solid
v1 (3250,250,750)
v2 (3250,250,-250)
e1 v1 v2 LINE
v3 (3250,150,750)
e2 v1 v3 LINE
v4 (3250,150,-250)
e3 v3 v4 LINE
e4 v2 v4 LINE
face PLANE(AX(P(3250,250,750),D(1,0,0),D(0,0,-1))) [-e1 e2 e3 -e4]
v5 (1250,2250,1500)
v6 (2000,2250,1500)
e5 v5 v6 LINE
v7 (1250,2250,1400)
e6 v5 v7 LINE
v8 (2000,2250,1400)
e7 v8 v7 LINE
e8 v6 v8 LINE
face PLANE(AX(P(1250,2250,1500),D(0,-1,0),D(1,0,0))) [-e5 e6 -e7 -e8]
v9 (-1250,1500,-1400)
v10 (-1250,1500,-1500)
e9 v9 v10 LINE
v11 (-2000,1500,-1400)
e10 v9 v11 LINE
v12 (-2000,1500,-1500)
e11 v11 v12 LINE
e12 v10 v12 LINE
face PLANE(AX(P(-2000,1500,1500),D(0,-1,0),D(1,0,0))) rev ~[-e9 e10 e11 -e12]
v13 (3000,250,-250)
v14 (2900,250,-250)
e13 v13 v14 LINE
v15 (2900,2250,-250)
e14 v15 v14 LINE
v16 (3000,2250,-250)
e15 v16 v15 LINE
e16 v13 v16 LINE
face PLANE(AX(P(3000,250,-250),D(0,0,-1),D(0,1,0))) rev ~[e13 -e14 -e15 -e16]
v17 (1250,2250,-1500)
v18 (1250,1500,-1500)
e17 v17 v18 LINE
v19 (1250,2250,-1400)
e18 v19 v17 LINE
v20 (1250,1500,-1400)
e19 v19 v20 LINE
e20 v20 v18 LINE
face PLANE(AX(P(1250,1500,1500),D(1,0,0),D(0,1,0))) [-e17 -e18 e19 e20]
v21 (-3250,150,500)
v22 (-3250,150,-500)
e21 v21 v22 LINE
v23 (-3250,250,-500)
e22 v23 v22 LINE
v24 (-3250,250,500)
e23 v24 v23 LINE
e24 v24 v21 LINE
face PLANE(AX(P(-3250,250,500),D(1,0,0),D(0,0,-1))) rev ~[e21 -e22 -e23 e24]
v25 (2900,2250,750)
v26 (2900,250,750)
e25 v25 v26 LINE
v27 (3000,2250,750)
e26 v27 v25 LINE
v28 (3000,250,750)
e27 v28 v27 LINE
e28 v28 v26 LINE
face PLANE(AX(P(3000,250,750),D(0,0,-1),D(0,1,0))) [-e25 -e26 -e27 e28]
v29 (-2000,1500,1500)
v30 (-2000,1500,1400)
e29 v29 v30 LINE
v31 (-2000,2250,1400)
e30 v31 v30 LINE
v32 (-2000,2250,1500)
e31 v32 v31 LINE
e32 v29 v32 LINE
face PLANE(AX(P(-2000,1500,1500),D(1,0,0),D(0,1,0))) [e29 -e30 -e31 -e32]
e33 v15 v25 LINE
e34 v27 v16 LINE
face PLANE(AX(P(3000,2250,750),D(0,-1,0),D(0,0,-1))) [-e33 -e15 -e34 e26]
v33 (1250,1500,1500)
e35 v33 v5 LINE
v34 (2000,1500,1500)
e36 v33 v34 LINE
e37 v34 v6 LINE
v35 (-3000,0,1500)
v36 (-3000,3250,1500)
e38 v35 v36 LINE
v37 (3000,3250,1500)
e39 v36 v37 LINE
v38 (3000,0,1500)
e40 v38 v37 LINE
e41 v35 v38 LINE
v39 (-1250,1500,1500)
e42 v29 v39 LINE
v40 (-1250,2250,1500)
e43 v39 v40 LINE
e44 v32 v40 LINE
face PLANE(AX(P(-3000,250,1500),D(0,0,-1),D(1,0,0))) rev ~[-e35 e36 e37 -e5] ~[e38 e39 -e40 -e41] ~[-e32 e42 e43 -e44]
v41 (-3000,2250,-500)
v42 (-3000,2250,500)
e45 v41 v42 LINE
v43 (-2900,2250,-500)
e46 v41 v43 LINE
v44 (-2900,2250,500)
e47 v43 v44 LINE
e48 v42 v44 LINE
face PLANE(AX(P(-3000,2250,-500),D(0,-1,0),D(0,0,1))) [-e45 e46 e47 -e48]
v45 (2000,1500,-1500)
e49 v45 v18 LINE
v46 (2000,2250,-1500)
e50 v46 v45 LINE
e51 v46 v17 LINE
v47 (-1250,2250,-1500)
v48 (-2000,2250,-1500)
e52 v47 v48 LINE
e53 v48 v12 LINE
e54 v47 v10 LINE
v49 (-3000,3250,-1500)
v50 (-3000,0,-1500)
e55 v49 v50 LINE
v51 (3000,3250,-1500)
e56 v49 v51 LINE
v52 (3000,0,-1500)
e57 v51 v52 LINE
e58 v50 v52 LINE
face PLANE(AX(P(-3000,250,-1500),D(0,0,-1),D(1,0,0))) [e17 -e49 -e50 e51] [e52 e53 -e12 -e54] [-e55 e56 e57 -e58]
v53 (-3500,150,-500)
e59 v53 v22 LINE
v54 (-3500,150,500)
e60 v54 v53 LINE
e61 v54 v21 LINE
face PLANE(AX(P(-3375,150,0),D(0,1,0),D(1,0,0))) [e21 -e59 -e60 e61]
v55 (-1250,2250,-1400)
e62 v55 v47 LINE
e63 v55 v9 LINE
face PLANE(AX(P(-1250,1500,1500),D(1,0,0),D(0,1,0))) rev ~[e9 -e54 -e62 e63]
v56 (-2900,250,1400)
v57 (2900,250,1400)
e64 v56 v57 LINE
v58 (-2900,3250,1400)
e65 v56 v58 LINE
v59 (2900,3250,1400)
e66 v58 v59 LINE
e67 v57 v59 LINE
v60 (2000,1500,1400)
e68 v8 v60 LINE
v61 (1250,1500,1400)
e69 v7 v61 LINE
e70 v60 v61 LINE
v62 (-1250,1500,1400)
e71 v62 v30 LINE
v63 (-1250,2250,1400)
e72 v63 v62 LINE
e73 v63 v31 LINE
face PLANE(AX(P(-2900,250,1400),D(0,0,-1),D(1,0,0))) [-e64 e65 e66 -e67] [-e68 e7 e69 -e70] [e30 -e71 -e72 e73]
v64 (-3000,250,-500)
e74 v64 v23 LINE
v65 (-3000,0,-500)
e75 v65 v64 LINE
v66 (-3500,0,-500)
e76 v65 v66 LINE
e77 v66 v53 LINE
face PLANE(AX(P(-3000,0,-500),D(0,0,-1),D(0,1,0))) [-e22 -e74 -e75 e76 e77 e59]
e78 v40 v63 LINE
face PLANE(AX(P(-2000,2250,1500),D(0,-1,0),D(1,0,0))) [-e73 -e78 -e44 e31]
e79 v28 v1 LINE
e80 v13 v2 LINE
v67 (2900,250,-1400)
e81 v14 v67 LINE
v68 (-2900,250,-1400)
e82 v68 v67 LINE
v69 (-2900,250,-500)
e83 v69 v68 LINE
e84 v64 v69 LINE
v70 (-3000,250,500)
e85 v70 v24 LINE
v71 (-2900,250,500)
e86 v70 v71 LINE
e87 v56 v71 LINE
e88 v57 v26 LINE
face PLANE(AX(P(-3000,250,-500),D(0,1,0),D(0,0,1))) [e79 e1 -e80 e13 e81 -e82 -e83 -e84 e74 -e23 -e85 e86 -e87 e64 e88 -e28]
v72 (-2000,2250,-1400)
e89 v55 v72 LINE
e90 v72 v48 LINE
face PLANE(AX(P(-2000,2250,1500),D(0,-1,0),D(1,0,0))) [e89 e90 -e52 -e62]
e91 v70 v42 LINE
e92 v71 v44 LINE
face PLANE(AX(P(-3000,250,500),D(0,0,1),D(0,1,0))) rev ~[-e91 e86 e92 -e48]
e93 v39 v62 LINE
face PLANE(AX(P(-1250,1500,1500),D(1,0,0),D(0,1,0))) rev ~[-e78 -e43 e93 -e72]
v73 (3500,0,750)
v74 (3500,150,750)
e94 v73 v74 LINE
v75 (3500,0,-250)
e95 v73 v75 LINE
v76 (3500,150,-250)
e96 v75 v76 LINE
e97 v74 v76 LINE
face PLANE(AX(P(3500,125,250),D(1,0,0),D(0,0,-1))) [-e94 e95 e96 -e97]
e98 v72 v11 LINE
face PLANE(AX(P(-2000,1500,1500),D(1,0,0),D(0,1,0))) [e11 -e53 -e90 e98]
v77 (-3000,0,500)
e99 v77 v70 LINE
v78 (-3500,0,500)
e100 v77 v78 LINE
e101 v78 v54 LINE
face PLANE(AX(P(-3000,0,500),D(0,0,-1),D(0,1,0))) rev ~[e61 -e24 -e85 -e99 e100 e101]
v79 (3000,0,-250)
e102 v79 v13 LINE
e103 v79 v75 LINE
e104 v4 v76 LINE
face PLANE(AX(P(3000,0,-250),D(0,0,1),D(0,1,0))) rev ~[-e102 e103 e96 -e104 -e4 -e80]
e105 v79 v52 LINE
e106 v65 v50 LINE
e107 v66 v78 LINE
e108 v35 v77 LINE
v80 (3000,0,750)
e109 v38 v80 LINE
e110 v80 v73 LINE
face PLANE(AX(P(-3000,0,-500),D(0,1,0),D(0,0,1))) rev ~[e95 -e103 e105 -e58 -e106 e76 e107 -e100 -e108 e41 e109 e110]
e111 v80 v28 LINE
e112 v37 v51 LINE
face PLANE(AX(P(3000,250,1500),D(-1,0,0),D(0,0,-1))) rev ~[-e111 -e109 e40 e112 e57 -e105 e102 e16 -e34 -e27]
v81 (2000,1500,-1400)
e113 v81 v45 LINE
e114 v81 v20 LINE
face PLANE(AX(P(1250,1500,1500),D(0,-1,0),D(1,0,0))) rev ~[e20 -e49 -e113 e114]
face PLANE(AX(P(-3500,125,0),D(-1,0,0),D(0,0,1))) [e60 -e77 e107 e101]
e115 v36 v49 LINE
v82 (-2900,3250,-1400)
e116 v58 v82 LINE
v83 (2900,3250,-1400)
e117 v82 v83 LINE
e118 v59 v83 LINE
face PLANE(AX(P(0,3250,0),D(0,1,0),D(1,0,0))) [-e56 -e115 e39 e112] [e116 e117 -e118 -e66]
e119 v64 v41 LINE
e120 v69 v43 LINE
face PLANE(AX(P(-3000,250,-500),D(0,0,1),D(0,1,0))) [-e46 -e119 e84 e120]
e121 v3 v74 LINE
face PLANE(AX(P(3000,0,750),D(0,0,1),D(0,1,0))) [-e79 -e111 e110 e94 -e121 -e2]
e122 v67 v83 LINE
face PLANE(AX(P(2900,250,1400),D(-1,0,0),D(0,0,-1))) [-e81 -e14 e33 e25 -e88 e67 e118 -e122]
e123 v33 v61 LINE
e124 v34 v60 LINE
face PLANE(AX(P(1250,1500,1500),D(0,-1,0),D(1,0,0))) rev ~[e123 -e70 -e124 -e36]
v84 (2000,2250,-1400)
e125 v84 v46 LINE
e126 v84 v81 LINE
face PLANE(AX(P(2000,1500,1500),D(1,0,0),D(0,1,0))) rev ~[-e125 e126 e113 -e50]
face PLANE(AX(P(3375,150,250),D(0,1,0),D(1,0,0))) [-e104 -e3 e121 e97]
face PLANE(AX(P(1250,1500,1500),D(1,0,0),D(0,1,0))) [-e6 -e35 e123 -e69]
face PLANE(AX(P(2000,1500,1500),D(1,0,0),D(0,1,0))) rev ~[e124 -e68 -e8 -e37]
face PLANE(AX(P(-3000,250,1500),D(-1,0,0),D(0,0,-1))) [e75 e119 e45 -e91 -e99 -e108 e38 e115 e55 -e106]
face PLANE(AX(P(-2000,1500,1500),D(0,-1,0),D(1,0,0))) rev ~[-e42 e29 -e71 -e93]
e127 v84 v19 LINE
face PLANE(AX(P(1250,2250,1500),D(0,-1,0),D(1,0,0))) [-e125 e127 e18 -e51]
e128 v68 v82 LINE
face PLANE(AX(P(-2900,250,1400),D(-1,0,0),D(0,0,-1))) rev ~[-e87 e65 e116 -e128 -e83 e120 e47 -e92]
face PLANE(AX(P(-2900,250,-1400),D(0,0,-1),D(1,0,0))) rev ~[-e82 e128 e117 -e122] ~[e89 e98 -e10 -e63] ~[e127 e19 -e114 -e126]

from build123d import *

# Parameters (mm, degrees)
SKETCH1_W           = 6000
SKETCH1_H           = 3000
BOSS_EXTRUDE1_DEPTH = 250
SKETCH2_W           = 6000
SKETCH2_H           = 3000
SKETCH2_W_2         = 5800
SKETCH2_H_2         = 2800
BOSS_EXTRUDE2_DEPTH = 3000
SKETCH3_W           = 1000
SKETCH3_H           = 2000
CUT_EXTRUDE1_DEPTH  = 250
SKETCH4_W           = 1000
SKETCH4_H           = 2000
CUT_EXTRUDE2_DEPTH  = 250
SKETCH5_W           = 750
SKETCH5_H           = 750
CUT_EXTRUDE3_DEPTH  = 3001
SKETCH6_W           = 1000
SKETCH6_H           = 250
BOSS_EXTRUDE4_DEPTH = 500
SKETCH7_W           = 1000
SKETCH7_H           = 250
BOSS_EXTRUDE5_DEPTH = 500
SKETCH8_W           = 250
SKETCH8_H           = 1000
CUT_EXTRUDE4_DEPTH  = 100
SKETCH9_W           = 250
SKETCH9_H           = 1000
CUT_EXTRUDE5_DEPTH  = 100


with BuildPart() as part:
    # Sketch1 → Boss-Extrude1 (new body)
    with BuildSketch(Plane(origin=(0, 0, 0), x_dir=(1, 0, 0), z_dir=(0, 1, 0))):
        Rectangle(SKETCH1_W, SKETCH1_H)
    extrude(amount=BOSS_EXTRUDE1_DEPTH)

    # Sketch2 → Boss-Extrude2 (add)
    with BuildSketch(Plane(origin=(0, 250, 0), x_dir=(1, 0, 0), z_dir=(0, 1, 0))):
        Rectangle(SKETCH2_W, SKETCH2_H)
        Rectangle(SKETCH2_W_2, SKETCH2_H_2, mode=Mode.SUBTRACT)
    extrude(amount=BOSS_EXTRUDE2_DEPTH)

    # Sketch3 → Cut-Extrude1 (cut)
    with BuildSketch(Plane.ZY.offset(3000)):
        with Locations((0, 1250)):
            Rectangle(SKETCH3_W, SKETCH3_H)
    extrude(amount=-CUT_EXTRUDE1_DEPTH, mode=Mode.SUBTRACT)

    # Sketch4 → Cut-Extrude2 (cut)
    with BuildSketch(Plane(origin=(3000, 0, 0), x_dir=(0, 0, -1), z_dir=(1, 0, 0))):
        with Locations((-250, 1250)):
            Rectangle(SKETCH4_W, SKETCH4_H)
    extrude(amount=-CUT_EXTRUDE2_DEPTH, mode=Mode.SUBTRACT)

    # Sketch5 → Cut-Extrude3 (cut, through all)
    with BuildSketch(Plane.XY.offset(1500)):
        with Locations((-1625, 1875)):
            Rectangle(SKETCH5_W, SKETCH5_H)
        with Locations((1625, 1875)):
            Rectangle(SKETCH5_W, SKETCH5_H)
    extrude(amount=-CUT_EXTRUDE3_DEPTH, mode=Mode.SUBTRACT)

    # Sketch6 → Boss-Extrude4 (add)
    with BuildSketch(Plane(origin=(3000, 0, 0), x_dir=(0, 0, -1), z_dir=(1, 0, 0))):
        with Locations((-250, 125)):
            Rectangle(SKETCH6_W, SKETCH6_H)
    extrude(amount=BOSS_EXTRUDE4_DEPTH)

    # Sketch7 → Boss-Extrude5 (add)
    with BuildSketch(Plane.ZY.offset(3000)):
        with Locations((0, 125)):
            Rectangle(SKETCH7_W, SKETCH7_H)
    extrude(amount=BOSS_EXTRUDE5_DEPTH)

    # Sketch8 → Cut-Extrude4 (cut)
    with BuildSketch(Plane(origin=(0, 250, 0), x_dir=(1, 0, 0), z_dir=(0, 1, 0))):
        with Locations((3375, -250)):
            Rectangle(SKETCH8_W, SKETCH8_H)
    extrude(amount=-CUT_EXTRUDE4_DEPTH, mode=Mode.SUBTRACT)

    # Sketch9 → Cut-Extrude5 (cut)
    with BuildSketch(Plane(origin=(0, 250, 0), x_dir=(1, 0, 0), z_dir=(0, 1, 0))):
        with Locations((-3375, 0)):
            Rectangle(SKETCH9_W, SKETCH9_H)
    extrude(amount=-CUT_EXTRUDE5_DEPTH, mode=Mode.SUBTRACT)


solid = part.part
